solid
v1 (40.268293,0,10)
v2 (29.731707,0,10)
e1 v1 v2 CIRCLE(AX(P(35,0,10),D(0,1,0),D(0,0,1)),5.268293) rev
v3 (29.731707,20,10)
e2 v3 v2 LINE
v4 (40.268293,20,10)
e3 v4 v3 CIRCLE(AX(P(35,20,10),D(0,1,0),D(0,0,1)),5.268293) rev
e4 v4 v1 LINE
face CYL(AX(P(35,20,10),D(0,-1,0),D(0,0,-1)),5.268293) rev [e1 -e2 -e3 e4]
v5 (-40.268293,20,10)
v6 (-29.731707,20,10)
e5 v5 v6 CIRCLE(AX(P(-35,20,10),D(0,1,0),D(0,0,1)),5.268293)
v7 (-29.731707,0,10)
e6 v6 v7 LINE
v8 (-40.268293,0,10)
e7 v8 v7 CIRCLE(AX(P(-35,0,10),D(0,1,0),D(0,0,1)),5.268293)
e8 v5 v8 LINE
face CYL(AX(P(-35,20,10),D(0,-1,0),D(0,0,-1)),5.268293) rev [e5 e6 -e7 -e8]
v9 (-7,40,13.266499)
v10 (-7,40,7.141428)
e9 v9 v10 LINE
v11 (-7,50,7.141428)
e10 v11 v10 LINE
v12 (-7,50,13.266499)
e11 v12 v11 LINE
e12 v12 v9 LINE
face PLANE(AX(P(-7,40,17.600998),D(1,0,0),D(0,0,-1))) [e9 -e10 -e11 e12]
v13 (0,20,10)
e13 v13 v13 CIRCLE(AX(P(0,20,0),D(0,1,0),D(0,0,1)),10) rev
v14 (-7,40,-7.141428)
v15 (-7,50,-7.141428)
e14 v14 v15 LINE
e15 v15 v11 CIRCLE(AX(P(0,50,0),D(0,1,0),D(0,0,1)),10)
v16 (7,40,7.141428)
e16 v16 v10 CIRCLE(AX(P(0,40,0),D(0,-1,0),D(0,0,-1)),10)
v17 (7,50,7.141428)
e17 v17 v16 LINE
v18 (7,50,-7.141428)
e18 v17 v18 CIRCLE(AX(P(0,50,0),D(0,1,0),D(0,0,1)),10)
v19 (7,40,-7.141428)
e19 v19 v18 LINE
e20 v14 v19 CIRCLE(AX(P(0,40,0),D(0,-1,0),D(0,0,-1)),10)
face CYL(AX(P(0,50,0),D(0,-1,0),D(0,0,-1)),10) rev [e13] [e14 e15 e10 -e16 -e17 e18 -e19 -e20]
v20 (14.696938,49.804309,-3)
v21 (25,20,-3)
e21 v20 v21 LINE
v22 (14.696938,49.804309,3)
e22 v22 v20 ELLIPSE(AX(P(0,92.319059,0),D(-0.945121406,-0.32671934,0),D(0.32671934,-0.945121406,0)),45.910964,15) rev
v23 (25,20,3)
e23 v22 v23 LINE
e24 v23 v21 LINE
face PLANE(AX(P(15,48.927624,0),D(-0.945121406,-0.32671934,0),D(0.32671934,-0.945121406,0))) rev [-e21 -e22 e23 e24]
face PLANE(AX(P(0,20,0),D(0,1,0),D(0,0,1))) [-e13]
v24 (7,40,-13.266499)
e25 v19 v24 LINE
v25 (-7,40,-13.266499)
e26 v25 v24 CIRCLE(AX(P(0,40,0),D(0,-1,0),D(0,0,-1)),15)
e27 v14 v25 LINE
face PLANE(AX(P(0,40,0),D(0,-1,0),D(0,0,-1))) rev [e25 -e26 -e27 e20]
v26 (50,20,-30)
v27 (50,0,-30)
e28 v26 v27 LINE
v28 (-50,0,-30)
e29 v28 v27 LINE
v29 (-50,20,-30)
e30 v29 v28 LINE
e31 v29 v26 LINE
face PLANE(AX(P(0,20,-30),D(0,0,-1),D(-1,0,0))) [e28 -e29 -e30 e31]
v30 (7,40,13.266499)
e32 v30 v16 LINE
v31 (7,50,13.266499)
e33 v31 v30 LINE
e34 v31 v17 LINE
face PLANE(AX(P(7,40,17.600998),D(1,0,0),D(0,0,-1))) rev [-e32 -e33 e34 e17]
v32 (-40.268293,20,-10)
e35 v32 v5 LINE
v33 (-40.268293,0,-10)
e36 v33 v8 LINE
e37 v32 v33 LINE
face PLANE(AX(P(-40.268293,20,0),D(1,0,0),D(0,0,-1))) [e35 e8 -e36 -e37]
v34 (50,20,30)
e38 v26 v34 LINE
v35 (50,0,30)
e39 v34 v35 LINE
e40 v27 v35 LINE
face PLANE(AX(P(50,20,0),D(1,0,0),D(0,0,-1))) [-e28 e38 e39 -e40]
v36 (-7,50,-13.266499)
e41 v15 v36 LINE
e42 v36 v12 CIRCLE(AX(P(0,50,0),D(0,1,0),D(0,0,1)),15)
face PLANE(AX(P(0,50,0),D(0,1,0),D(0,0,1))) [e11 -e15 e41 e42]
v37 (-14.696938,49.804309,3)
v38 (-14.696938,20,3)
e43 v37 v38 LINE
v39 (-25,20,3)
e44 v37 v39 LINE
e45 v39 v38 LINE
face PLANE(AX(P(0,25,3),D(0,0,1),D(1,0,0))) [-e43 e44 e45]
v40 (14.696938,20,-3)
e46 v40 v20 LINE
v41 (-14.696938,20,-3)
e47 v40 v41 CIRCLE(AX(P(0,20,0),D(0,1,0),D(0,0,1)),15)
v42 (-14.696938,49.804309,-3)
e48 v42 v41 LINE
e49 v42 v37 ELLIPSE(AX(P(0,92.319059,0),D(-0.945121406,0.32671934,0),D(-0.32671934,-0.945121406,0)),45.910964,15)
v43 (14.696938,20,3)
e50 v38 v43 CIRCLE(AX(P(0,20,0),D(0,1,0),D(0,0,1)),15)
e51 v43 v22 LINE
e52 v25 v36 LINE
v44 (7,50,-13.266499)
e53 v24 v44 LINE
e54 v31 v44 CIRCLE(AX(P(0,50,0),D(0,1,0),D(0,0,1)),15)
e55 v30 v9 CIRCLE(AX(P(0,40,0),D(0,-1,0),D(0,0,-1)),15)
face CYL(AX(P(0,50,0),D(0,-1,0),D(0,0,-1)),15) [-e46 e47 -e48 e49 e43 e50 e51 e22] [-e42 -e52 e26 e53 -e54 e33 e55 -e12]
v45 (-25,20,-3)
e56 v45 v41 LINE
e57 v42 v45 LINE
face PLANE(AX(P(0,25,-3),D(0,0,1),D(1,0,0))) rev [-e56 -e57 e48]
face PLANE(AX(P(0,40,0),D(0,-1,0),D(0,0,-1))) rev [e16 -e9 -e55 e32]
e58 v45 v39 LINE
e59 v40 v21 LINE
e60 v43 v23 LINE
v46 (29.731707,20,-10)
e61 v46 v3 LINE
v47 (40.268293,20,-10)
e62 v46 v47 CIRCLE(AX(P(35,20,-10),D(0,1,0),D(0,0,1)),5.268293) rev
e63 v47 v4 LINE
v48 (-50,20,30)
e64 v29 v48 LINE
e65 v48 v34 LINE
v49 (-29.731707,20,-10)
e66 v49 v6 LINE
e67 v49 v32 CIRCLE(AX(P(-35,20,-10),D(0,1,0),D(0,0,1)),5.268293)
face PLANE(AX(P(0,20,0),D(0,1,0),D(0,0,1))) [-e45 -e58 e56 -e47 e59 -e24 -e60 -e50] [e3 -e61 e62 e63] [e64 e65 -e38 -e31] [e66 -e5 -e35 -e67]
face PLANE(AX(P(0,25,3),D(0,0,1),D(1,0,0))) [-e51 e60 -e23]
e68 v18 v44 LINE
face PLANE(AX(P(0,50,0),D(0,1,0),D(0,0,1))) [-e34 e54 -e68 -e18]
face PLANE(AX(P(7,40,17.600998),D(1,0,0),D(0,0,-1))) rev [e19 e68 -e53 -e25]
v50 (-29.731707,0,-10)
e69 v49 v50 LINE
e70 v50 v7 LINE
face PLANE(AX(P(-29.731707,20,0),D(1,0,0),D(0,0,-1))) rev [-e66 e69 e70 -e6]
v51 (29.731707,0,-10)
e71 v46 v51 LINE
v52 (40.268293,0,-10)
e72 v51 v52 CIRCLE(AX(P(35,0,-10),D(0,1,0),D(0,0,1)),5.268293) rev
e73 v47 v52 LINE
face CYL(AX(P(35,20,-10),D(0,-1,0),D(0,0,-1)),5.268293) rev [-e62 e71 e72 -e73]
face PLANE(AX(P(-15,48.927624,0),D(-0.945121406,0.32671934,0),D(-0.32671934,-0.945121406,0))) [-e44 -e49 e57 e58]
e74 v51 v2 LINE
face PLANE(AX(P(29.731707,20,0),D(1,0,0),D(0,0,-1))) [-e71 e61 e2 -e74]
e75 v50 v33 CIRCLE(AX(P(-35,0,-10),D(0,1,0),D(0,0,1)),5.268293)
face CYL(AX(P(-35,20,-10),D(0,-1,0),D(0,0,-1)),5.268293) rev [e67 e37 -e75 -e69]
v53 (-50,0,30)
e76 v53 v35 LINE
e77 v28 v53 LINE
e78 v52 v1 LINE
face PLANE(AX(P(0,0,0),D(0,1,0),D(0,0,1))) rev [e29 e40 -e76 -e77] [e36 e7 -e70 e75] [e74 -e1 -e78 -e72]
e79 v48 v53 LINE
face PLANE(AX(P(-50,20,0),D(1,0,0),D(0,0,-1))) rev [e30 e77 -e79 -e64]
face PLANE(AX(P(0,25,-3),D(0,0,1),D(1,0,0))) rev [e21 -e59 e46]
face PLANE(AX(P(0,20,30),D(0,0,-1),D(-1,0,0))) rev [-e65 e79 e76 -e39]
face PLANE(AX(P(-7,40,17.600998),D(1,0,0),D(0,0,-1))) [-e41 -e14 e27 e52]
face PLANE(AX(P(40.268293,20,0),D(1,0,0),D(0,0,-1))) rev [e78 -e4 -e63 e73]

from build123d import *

# Parameters (mm, degrees)
SKETCH1_W           = 100
SKETCH1_H           = 60
BOSS_EXTRUDE2_DEPTH = 20
SKETCH2_R           = 15
SKETCH2_R_2         = 10
BOSS_EXTRUDE3_DEPTH = 30
SKETCH3_W           = 14
SKETCH3_H           = 35.201995264
CUT_EXTRUDE1_DEPTH  = 10
RIB4_REACH          = 78.811
SKETCH19_WALL_W     = 186.230224572
SKETCH19_WALL_H     = 6


with BuildPart() as part:
    # Sketch1 → Boss-Extrude2 (new body)
    with BuildSketch(Plane(origin=(0, 0, 0), x_dir=(1, 0, 0), z_dir=(0, 1, 0))):
        Rectangle(SKETCH1_W, SKETCH1_H)
        with BuildLine():
            ThreePointArc((-44.951219512, -10), (-35, -19.951219512), (-25.048780488, -10))
            Line((-25.048780488, -10), (-25.048780488, 10))
            ThreePointArc((-25.048780488, 10), (-35, 19.951219512), (-44.951219512, 10))
            Line((-44.951219512, 10), (-44.951219512, -10))
        make_face(mode=Mode.SUBTRACT)
        with BuildLine():
            Line((44.951219512, 10), (44.951219512, -10))
            ThreePointArc((44.951219512, -10), (35, -19.951219512), (25.048780488, -10))
            Line((25.048780488, -10), (25.048780488, 10))
            ThreePointArc((25.048780488, 10), (35, 19.951219512), (44.951219512, 10))
        make_face(mode=Mode.SUBTRACT)
        with BuildLine():
            Line((-44.951219512, 10), (-44.951219512, -10))
            ThreePointArc((-44.951219512, -10), (-35, -19.951219512), (-25.048780488, -10))
            Line((-25.048780488, -10), (-25.048780488, 10))
            ThreePointArc((-25.048780488, 10), (-35, 19.951219512), (-44.951219512, 10))
        make_face()
        with BuildLine():
            ThreePointArc((-40.268292683, -10), (-35, -15.268292683), (-29.731707317, -10))
            Line((-29.731707317, -10), (-29.731707317, 10))
            ThreePointArc((-29.731707317, 10), (-35, 15.268292683), (-40.268292683, 10))
            Line((-40.268292683, 10), (-40.268292683, -10))
        make_face(mode=Mode.SUBTRACT)
        with BuildLine():
            ThreePointArc((44.951219512, -10), (35, -19.951219512), (25.048780488, -10))
            Line((25.048780488, -10), (25.048780488, 10))
            ThreePointArc((25.048780488, 10), (35, 19.951219512), (44.951219512, 10))
            Line((44.951219512, 10), (44.951219512, -10))
        make_face()
        with BuildLine():
            Line((40.268292683, 10), (40.268292683, -10))
            ThreePointArc((40.268292683, -10), (35, -15.268292683), (29.731707317, -10))
            Line((29.731707317, -10), (29.731707317, 10))
            ThreePointArc((29.731707317, 10), (35, 15.268292683), (40.268292683, 10))
        make_face(mode=Mode.SUBTRACT)
    extrude(amount=BOSS_EXTRUDE2_DEPTH)

    # Sketch2 → Boss-Extrude3 (add)
    with BuildSketch(Plane(origin=(0, 20, 0), x_dir=(1, 0, 0), z_dir=(0, 1, 0))):
        with Locations(Location((0, 0, 0), (0, 0, 270))):
            Circle(SKETCH2_R)
        with Locations(Location((0, 0, 0), (0, 0, 270))):
            Circle(SKETCH2_R_2, mode=Mode.SUBTRACT)
    extrude(amount=BOSS_EXTRUDE3_DEPTH)

    # Sketch3 → Cut-Extrude1 (cut)
    with BuildSketch(Plane(origin=(0, 50, 0), x_dir=(1, 0, 0), z_dir=(0, 1, 0))):
        Rectangle(SKETCH3_W, SKETCH3_H)
    extrude(amount=-CUT_EXTRUDE1_DEPTH, mode=Mode.SUBTRACT)

    # Sketch19 wall → Rib4 (add, up to next)
    with BuildSketch(Plane(origin=(20, 34.463811754, 0), x_dir=(0.32671934012, -0.945121406377, 0), z_dir=(0.945121406377, 0.32671934012, 0)), mode=Mode.PRIVATE) as rib4_sk1:
        Rectangle(SKETCH19_WALL_W, SKETCH19_WALL_H)
    rib4_tool1 = extrude(rib4_sk1.sketch, amount=-RIB4_REACH, mode=Mode.PRIVATE) - part.part
    rib4 = rib4_tool1.solids().sort_by_distance((20, 34.463811754, 0))[0]
    add(rib4)

    # Mirror2: Rib4 across plane
    add(rib4.mirror(Plane(origin=(0, 0, 0), x_dir=(0, 0, 1), z_dir=(1, 0, 0))))


solid = part.part
